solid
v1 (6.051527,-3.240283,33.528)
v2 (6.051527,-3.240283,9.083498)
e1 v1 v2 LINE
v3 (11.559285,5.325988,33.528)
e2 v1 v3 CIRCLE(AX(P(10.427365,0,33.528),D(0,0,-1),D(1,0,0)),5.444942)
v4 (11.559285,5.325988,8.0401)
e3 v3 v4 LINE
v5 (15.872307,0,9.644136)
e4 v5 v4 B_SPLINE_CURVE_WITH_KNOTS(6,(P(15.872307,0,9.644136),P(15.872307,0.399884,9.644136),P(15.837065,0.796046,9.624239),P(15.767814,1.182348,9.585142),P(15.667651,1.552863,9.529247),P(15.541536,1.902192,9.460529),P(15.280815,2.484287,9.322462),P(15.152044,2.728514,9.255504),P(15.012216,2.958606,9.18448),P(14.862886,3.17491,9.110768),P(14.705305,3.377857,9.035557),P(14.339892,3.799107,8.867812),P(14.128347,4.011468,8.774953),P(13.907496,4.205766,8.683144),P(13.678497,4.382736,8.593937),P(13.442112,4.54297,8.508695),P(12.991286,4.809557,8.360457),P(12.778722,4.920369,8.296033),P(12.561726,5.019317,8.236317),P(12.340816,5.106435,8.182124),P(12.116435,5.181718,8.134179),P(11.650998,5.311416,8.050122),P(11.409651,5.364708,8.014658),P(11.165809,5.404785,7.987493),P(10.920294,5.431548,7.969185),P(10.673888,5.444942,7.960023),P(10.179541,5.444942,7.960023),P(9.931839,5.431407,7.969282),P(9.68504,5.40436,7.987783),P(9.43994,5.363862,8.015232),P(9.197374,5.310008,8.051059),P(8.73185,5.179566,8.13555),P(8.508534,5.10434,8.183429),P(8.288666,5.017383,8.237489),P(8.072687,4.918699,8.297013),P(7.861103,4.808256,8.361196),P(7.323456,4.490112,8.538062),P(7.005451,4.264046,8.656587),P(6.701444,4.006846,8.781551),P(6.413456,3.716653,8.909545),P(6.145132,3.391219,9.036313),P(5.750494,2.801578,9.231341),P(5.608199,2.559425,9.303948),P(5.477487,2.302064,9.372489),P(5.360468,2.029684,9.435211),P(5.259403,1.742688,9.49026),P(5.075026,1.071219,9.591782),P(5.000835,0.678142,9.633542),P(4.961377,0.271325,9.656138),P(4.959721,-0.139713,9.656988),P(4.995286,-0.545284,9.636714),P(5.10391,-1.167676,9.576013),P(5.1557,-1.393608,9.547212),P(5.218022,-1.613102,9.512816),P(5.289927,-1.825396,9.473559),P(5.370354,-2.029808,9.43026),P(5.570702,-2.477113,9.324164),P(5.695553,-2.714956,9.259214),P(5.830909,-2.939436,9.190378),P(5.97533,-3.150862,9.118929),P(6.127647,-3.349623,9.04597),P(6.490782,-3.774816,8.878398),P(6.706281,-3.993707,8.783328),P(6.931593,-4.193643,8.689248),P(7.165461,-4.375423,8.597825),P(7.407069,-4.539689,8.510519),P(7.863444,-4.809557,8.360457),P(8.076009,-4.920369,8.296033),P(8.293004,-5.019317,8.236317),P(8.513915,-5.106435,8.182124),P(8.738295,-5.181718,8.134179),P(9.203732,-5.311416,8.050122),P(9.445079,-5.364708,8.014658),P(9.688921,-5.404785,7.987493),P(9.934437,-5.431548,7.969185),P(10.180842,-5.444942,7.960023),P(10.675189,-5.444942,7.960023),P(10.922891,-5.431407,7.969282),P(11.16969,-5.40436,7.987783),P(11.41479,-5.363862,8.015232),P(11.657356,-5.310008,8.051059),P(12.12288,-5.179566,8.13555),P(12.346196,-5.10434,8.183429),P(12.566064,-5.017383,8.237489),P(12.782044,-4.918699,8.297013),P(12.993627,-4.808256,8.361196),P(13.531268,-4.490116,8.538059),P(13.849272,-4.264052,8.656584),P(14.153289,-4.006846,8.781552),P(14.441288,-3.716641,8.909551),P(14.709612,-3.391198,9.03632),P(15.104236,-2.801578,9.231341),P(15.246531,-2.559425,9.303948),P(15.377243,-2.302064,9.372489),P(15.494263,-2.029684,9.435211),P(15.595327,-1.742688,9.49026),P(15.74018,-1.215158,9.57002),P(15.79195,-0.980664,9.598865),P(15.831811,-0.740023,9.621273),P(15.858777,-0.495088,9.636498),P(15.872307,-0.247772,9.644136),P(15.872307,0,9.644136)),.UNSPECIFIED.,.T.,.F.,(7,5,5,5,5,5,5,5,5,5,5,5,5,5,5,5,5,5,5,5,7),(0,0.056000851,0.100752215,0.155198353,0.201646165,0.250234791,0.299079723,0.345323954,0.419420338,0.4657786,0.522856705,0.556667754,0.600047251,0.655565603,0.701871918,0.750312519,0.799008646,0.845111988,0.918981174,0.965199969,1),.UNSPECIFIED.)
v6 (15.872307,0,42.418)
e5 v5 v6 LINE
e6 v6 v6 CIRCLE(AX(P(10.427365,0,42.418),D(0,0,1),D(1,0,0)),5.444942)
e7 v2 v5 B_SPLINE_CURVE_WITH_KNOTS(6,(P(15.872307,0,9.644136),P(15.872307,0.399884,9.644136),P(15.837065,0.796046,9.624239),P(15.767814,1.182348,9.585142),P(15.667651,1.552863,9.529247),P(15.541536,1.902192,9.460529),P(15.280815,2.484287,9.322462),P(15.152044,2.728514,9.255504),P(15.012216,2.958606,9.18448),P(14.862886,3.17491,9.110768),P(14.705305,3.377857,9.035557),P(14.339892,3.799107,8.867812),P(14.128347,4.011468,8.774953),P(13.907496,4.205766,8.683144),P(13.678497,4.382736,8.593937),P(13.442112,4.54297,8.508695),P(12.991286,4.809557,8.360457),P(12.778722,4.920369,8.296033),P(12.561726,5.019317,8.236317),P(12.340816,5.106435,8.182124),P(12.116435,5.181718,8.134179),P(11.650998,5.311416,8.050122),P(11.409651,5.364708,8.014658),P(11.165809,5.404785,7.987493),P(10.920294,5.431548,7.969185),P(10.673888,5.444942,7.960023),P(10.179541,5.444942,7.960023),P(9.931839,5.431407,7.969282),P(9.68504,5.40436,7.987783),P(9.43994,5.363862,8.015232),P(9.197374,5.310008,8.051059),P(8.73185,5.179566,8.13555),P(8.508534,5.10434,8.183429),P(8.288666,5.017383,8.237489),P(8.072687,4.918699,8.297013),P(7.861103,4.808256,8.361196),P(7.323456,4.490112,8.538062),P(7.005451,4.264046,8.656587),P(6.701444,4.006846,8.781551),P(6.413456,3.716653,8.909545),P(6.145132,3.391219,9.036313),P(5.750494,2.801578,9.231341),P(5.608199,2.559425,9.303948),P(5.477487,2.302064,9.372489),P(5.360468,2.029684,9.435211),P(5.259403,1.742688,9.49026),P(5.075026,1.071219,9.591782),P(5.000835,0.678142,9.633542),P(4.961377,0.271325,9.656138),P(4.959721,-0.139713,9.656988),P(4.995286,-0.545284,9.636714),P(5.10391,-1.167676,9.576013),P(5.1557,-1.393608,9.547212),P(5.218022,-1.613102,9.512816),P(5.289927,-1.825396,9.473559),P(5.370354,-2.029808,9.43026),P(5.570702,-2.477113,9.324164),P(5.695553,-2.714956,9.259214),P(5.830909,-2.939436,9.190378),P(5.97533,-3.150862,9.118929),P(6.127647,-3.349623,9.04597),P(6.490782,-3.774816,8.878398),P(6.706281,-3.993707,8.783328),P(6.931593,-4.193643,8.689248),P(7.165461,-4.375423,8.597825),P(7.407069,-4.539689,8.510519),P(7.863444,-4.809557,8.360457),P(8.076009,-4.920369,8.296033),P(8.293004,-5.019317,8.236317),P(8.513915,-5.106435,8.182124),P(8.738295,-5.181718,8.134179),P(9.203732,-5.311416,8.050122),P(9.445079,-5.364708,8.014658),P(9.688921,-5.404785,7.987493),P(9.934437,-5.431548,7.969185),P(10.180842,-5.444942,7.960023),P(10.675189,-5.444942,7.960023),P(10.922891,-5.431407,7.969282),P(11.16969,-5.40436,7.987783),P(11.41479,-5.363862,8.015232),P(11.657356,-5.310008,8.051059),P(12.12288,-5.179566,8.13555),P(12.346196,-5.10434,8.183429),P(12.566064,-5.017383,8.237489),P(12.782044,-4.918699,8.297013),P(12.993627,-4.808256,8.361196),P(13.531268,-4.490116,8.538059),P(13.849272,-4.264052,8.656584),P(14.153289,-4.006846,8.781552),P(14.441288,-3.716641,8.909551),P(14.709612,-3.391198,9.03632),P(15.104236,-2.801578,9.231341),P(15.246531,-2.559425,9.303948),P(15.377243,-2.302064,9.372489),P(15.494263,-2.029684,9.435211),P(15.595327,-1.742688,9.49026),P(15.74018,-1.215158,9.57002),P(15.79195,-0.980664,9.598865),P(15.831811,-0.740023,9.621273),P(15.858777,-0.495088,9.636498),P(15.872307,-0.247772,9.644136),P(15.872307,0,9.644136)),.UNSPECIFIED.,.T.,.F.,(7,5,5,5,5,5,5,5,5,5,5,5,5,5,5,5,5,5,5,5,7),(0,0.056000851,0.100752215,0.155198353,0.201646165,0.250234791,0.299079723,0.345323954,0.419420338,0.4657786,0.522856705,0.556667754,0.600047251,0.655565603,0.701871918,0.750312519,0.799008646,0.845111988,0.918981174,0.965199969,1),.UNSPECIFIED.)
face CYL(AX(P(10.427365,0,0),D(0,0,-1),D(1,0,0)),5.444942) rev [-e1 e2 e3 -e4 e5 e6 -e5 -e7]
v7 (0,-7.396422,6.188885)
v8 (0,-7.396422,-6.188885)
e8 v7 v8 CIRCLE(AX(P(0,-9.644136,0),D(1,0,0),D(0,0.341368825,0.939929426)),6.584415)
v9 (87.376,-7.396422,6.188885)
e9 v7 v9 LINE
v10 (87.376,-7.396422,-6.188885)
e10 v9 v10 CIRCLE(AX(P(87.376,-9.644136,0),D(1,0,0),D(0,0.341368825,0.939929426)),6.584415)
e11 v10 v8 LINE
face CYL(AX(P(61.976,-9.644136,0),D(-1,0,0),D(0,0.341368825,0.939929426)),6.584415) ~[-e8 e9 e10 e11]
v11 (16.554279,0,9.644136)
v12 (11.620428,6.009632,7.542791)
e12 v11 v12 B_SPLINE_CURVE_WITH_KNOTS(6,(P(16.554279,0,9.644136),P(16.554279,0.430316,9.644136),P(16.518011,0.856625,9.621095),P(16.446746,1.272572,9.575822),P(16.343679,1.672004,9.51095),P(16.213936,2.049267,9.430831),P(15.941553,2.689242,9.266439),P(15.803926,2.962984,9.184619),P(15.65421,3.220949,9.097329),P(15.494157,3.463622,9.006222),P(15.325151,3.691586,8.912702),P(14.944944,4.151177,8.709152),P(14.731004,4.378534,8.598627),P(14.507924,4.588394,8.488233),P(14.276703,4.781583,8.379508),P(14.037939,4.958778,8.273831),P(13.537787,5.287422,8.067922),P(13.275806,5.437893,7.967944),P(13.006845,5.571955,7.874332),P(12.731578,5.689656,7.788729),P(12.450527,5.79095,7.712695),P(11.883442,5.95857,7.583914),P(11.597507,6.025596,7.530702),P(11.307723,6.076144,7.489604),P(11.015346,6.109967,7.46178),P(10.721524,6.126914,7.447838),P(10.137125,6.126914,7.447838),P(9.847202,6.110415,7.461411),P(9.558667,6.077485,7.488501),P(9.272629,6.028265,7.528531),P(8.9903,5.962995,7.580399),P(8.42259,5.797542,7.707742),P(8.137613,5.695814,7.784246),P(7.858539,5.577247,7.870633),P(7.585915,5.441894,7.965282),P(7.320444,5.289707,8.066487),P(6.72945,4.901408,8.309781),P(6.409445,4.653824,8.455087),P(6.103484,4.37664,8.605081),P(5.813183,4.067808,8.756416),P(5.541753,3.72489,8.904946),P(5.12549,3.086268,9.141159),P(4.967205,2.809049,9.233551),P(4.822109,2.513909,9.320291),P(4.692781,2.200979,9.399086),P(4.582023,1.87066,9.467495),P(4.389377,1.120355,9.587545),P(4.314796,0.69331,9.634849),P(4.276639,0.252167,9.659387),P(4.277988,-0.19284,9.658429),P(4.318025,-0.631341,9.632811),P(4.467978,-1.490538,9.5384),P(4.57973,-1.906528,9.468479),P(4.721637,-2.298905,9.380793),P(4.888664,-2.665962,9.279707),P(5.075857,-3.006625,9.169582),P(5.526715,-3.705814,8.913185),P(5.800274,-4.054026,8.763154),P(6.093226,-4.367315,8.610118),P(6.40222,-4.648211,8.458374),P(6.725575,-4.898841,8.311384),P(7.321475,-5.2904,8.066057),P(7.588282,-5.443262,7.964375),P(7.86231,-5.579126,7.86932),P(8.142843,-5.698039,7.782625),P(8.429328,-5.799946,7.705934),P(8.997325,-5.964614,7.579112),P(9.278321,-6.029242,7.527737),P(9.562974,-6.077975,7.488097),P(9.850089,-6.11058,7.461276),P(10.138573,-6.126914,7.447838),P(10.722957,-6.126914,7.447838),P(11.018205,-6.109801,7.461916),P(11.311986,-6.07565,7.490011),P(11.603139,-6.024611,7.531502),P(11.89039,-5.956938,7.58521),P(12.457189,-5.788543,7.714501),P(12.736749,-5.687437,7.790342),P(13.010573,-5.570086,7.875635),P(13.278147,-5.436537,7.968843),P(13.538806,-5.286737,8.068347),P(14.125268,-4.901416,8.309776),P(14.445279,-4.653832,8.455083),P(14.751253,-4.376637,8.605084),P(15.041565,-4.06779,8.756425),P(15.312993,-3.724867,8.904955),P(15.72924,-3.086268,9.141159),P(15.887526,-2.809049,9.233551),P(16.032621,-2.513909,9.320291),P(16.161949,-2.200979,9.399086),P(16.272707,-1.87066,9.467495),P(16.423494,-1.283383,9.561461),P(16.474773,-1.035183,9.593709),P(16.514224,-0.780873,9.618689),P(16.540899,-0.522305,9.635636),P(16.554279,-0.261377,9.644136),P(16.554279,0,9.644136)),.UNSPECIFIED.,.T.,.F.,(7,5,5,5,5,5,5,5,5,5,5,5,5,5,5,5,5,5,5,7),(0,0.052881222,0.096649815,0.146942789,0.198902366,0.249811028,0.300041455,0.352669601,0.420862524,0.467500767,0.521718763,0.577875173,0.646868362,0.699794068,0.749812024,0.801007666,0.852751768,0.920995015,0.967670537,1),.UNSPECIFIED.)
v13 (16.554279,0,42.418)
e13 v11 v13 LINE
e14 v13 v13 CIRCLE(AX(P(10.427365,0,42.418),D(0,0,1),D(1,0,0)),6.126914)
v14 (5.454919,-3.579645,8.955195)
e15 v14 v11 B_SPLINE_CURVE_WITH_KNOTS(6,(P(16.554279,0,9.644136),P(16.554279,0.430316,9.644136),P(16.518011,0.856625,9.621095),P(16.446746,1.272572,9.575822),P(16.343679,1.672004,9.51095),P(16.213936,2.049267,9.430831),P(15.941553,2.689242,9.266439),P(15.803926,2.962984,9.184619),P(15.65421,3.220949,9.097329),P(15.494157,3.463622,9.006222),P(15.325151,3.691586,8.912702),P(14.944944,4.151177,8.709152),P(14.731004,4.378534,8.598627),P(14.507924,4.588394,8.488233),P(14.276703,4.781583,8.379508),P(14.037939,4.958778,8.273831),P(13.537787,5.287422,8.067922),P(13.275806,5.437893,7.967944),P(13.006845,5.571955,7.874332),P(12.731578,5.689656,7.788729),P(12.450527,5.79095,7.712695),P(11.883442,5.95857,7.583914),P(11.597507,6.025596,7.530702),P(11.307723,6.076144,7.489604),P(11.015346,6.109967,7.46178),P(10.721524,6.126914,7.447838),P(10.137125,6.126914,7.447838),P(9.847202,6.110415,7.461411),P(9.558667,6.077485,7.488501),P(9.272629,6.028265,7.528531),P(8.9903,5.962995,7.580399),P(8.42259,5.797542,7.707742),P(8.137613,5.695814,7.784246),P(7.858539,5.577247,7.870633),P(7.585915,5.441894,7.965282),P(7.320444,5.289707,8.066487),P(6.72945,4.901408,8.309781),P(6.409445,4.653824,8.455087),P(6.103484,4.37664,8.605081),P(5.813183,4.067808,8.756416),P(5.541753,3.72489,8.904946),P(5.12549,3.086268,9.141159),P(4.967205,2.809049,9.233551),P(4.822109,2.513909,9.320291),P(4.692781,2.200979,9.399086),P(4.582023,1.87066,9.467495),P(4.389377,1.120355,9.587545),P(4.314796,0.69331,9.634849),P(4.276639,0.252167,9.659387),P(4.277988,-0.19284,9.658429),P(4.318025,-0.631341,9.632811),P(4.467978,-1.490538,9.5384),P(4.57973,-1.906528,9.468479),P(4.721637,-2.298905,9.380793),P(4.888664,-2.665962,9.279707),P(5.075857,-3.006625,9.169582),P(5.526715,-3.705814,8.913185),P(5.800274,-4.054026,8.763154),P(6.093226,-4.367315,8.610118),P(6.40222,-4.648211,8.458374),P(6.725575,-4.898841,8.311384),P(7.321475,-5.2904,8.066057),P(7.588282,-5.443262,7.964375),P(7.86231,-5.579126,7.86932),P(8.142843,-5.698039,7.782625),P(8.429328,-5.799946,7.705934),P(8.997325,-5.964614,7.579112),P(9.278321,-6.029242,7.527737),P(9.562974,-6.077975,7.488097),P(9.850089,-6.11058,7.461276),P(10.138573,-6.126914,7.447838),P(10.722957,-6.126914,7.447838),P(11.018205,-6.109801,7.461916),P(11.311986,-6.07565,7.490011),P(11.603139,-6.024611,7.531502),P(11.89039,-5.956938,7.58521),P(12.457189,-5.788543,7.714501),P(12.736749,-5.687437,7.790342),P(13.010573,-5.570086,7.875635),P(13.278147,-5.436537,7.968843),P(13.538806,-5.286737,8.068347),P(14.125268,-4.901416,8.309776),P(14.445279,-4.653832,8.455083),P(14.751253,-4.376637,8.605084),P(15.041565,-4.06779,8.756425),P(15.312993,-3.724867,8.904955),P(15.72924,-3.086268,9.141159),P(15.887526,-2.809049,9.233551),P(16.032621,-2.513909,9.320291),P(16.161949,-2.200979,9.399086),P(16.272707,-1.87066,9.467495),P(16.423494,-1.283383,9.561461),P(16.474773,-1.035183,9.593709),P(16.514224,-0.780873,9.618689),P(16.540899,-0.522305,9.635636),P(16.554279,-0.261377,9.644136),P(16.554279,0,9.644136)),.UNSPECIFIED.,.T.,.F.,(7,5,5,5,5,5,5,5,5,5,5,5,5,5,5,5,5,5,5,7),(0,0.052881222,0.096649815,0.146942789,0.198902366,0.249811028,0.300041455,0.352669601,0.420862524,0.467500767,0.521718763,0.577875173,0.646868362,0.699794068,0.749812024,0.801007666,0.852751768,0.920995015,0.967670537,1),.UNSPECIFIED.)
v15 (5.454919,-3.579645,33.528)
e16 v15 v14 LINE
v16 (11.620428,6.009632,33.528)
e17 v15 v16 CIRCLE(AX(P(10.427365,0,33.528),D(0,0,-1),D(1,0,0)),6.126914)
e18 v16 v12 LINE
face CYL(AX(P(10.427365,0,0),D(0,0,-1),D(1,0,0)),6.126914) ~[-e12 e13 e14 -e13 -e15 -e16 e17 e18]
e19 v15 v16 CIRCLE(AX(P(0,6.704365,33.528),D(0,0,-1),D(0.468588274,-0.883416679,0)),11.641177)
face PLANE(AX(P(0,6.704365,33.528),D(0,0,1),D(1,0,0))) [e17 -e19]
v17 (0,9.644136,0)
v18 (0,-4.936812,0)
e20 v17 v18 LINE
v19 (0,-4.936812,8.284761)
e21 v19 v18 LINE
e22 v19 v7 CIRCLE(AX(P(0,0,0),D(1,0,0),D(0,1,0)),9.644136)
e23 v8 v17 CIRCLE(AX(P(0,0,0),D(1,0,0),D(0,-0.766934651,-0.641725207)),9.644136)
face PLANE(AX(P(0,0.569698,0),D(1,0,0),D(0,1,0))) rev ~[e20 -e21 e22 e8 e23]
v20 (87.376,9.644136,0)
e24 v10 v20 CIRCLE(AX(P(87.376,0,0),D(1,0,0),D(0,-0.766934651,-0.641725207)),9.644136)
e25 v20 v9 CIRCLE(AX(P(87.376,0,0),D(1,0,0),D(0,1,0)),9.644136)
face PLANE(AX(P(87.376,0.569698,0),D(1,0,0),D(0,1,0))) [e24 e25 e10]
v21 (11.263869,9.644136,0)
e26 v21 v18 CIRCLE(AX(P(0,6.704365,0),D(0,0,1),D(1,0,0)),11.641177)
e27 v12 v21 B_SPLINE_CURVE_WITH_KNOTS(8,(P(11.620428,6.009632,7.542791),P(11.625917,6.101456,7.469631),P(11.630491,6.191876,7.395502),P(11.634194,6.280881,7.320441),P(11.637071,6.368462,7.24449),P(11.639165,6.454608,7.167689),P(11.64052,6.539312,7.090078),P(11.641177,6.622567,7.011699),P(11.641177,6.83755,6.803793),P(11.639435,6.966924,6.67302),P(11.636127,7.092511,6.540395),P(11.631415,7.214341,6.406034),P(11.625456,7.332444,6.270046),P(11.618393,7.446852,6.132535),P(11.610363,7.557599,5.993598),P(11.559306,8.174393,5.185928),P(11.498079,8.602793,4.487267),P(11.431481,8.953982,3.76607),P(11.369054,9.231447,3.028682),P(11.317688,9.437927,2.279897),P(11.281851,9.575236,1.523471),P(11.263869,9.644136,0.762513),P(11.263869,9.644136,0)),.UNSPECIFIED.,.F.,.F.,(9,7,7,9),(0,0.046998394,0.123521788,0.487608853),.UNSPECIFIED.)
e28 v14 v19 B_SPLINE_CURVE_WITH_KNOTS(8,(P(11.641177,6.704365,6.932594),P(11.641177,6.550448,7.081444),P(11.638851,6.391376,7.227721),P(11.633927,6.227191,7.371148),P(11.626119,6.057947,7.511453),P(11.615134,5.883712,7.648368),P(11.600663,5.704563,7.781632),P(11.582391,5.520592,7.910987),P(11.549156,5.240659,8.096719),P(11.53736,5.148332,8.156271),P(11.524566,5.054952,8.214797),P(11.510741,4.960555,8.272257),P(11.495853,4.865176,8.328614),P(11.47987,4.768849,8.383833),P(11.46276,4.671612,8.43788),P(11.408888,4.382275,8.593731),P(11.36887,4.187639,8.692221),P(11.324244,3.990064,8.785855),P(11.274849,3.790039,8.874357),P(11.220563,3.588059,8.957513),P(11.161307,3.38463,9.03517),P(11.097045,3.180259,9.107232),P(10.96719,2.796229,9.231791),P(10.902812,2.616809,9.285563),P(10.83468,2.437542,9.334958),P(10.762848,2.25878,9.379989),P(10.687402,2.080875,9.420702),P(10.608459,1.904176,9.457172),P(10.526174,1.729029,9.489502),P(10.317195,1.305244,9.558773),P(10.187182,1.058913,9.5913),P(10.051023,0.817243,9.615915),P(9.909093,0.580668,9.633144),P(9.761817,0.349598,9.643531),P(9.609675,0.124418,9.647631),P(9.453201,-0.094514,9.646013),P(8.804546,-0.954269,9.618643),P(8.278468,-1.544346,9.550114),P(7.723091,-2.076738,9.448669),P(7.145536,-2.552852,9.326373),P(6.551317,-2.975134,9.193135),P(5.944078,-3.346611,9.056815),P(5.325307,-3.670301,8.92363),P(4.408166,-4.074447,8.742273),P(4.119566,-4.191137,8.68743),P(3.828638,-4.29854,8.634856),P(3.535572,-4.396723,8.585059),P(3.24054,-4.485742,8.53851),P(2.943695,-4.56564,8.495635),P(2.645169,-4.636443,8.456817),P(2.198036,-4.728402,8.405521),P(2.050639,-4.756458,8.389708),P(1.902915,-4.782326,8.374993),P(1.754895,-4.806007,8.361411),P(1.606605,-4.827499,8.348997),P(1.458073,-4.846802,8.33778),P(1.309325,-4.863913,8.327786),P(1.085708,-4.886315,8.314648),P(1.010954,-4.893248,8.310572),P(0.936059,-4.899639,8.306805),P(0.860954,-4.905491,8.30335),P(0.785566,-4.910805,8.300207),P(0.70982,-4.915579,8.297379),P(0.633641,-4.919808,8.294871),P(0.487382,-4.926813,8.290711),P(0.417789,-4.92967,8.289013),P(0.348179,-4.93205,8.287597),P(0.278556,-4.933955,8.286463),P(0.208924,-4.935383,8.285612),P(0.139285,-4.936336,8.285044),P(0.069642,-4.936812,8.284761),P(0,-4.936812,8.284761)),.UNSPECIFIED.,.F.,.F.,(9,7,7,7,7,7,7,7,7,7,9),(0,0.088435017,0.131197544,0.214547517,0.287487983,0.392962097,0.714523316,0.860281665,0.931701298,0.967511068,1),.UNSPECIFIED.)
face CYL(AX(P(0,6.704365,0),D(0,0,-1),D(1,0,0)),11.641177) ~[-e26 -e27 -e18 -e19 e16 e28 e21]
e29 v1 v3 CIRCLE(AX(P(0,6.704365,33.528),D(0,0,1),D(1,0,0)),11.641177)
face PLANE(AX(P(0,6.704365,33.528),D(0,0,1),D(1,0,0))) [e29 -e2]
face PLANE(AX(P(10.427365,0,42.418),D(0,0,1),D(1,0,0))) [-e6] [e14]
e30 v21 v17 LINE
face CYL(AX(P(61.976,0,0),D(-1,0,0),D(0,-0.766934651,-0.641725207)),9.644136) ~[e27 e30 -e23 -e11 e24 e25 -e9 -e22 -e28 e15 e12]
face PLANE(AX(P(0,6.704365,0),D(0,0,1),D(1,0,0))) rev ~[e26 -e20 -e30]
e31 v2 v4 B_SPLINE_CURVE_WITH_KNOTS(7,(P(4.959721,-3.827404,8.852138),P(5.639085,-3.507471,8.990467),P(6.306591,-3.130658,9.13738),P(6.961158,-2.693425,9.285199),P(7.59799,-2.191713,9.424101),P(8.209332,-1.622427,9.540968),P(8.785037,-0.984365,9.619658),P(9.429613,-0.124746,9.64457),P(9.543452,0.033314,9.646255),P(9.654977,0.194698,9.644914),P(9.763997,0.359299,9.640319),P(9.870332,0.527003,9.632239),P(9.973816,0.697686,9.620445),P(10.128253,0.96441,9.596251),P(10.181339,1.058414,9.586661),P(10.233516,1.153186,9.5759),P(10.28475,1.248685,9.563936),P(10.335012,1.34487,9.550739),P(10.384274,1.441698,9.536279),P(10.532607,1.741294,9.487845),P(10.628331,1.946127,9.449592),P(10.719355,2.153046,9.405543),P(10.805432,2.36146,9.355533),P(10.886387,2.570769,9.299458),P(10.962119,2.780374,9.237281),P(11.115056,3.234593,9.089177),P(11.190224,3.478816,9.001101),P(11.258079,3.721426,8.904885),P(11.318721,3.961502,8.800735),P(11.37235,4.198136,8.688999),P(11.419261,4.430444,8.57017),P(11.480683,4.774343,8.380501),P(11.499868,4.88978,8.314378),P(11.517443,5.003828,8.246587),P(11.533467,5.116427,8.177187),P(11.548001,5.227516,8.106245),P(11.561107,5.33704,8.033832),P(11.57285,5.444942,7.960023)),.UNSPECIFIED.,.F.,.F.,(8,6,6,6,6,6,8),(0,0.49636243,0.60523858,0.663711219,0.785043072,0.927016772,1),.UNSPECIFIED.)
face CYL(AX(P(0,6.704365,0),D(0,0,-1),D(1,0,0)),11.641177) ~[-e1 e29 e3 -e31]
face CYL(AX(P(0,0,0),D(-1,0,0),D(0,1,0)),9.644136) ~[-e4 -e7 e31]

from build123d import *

# Parameters (mm, degrees)
F1_DEPTH = 36.576
F2_R     = 6.1269141817
F2_R_2   = 5.4449422531
F3_DEPTH = 42.418
F4_DEPTH = 25.4
F5_DEPTH = 25.4
F6_R     = 11.6411765601
F7_DEPTH = 33.528


with BuildPart() as f1:
    # F0 (on Right) → F1 (new body)
    with BuildSketch(Plane.YZ):
        with BuildLine():
            ThreePointArc((-7.3964224414, -6.1888854819), (3.2922075385, -9.0648076628), (9.6441364797, 0))
            ThreePointArc((9.6441364797, 0), (3.2922075385, 9.0648076628), (-7.3964224414, 6.1888854819))
            ThreePointArc((-7.3964224414, 6.1888854819), (-4.251808406, 3.7785340877), (-3.0597214027, 0))
            ThreePointArc((-3.0597214027, 0), (-4.251808406, -3.7785340877), (-7.3964224414, -6.1888854819))
        make_face()
        with BuildLine():
            ThreePointArc((-3.0597214027, 0), (-4.251808406, 3.7785340877), (-7.3964224414, 6.1888854819))
            ThreePointArc((-7.3964224414, 6.1888854819), (-9.6441364797, 0), (-7.3964224414, -6.1888854819))
            ThreePointArc((-7.3964224414, -6.1888854819), (-4.251808406, -3.7785340877), (-3.0597214027, 0))
        make_face()
        with BuildLine():
            ThreePointArc((-7.3964224414, -6.1888854819), (-9.6441364797, 0), (-7.3964224414, 6.1888854819))
            ThreePointArc((-7.3964224414, 6.1888854819), (-16.2285515567, 0), (-7.3964224414, -6.1888854819))
        make_face()
    extrude(amount=F1_DEPTH)

    # F2 (on Top) → F3 (join)
    with BuildSketch(Plane.XY):
        with Locations((10.4273650795, 0)):
            Circle(F2_R)
        with Locations((10.4273650795, 0)):
            Circle(F2_R_2, mode=Mode.SUBTRACT)
    extrude(amount=F3_DEPTH)

    # F4 (add): a face of the model
    f4_faces = [f1.faces().sort_by_distance(p)[0] for p in [
        (36.576, -2.5293914457, 0),
    ]]
    extrude(f4_faces, amount=F4_DEPTH)

    # F5 (add): a face of the model
    f5_faces = [f1.faces().sort_by_distance(p)[0] for p in [
        (61.976, -2.5293914457, 0),
    ]]
    extrude(f5_faces, amount=F5_DEPTH)

    # F6 (on Top) → F7 (join)
    with BuildSketch(Plane.XY):
        with Locations((0, 6.7043649033)):
            Circle(F6_R)
    extrude(amount=F7_DEPTH)


solid = f1.part
